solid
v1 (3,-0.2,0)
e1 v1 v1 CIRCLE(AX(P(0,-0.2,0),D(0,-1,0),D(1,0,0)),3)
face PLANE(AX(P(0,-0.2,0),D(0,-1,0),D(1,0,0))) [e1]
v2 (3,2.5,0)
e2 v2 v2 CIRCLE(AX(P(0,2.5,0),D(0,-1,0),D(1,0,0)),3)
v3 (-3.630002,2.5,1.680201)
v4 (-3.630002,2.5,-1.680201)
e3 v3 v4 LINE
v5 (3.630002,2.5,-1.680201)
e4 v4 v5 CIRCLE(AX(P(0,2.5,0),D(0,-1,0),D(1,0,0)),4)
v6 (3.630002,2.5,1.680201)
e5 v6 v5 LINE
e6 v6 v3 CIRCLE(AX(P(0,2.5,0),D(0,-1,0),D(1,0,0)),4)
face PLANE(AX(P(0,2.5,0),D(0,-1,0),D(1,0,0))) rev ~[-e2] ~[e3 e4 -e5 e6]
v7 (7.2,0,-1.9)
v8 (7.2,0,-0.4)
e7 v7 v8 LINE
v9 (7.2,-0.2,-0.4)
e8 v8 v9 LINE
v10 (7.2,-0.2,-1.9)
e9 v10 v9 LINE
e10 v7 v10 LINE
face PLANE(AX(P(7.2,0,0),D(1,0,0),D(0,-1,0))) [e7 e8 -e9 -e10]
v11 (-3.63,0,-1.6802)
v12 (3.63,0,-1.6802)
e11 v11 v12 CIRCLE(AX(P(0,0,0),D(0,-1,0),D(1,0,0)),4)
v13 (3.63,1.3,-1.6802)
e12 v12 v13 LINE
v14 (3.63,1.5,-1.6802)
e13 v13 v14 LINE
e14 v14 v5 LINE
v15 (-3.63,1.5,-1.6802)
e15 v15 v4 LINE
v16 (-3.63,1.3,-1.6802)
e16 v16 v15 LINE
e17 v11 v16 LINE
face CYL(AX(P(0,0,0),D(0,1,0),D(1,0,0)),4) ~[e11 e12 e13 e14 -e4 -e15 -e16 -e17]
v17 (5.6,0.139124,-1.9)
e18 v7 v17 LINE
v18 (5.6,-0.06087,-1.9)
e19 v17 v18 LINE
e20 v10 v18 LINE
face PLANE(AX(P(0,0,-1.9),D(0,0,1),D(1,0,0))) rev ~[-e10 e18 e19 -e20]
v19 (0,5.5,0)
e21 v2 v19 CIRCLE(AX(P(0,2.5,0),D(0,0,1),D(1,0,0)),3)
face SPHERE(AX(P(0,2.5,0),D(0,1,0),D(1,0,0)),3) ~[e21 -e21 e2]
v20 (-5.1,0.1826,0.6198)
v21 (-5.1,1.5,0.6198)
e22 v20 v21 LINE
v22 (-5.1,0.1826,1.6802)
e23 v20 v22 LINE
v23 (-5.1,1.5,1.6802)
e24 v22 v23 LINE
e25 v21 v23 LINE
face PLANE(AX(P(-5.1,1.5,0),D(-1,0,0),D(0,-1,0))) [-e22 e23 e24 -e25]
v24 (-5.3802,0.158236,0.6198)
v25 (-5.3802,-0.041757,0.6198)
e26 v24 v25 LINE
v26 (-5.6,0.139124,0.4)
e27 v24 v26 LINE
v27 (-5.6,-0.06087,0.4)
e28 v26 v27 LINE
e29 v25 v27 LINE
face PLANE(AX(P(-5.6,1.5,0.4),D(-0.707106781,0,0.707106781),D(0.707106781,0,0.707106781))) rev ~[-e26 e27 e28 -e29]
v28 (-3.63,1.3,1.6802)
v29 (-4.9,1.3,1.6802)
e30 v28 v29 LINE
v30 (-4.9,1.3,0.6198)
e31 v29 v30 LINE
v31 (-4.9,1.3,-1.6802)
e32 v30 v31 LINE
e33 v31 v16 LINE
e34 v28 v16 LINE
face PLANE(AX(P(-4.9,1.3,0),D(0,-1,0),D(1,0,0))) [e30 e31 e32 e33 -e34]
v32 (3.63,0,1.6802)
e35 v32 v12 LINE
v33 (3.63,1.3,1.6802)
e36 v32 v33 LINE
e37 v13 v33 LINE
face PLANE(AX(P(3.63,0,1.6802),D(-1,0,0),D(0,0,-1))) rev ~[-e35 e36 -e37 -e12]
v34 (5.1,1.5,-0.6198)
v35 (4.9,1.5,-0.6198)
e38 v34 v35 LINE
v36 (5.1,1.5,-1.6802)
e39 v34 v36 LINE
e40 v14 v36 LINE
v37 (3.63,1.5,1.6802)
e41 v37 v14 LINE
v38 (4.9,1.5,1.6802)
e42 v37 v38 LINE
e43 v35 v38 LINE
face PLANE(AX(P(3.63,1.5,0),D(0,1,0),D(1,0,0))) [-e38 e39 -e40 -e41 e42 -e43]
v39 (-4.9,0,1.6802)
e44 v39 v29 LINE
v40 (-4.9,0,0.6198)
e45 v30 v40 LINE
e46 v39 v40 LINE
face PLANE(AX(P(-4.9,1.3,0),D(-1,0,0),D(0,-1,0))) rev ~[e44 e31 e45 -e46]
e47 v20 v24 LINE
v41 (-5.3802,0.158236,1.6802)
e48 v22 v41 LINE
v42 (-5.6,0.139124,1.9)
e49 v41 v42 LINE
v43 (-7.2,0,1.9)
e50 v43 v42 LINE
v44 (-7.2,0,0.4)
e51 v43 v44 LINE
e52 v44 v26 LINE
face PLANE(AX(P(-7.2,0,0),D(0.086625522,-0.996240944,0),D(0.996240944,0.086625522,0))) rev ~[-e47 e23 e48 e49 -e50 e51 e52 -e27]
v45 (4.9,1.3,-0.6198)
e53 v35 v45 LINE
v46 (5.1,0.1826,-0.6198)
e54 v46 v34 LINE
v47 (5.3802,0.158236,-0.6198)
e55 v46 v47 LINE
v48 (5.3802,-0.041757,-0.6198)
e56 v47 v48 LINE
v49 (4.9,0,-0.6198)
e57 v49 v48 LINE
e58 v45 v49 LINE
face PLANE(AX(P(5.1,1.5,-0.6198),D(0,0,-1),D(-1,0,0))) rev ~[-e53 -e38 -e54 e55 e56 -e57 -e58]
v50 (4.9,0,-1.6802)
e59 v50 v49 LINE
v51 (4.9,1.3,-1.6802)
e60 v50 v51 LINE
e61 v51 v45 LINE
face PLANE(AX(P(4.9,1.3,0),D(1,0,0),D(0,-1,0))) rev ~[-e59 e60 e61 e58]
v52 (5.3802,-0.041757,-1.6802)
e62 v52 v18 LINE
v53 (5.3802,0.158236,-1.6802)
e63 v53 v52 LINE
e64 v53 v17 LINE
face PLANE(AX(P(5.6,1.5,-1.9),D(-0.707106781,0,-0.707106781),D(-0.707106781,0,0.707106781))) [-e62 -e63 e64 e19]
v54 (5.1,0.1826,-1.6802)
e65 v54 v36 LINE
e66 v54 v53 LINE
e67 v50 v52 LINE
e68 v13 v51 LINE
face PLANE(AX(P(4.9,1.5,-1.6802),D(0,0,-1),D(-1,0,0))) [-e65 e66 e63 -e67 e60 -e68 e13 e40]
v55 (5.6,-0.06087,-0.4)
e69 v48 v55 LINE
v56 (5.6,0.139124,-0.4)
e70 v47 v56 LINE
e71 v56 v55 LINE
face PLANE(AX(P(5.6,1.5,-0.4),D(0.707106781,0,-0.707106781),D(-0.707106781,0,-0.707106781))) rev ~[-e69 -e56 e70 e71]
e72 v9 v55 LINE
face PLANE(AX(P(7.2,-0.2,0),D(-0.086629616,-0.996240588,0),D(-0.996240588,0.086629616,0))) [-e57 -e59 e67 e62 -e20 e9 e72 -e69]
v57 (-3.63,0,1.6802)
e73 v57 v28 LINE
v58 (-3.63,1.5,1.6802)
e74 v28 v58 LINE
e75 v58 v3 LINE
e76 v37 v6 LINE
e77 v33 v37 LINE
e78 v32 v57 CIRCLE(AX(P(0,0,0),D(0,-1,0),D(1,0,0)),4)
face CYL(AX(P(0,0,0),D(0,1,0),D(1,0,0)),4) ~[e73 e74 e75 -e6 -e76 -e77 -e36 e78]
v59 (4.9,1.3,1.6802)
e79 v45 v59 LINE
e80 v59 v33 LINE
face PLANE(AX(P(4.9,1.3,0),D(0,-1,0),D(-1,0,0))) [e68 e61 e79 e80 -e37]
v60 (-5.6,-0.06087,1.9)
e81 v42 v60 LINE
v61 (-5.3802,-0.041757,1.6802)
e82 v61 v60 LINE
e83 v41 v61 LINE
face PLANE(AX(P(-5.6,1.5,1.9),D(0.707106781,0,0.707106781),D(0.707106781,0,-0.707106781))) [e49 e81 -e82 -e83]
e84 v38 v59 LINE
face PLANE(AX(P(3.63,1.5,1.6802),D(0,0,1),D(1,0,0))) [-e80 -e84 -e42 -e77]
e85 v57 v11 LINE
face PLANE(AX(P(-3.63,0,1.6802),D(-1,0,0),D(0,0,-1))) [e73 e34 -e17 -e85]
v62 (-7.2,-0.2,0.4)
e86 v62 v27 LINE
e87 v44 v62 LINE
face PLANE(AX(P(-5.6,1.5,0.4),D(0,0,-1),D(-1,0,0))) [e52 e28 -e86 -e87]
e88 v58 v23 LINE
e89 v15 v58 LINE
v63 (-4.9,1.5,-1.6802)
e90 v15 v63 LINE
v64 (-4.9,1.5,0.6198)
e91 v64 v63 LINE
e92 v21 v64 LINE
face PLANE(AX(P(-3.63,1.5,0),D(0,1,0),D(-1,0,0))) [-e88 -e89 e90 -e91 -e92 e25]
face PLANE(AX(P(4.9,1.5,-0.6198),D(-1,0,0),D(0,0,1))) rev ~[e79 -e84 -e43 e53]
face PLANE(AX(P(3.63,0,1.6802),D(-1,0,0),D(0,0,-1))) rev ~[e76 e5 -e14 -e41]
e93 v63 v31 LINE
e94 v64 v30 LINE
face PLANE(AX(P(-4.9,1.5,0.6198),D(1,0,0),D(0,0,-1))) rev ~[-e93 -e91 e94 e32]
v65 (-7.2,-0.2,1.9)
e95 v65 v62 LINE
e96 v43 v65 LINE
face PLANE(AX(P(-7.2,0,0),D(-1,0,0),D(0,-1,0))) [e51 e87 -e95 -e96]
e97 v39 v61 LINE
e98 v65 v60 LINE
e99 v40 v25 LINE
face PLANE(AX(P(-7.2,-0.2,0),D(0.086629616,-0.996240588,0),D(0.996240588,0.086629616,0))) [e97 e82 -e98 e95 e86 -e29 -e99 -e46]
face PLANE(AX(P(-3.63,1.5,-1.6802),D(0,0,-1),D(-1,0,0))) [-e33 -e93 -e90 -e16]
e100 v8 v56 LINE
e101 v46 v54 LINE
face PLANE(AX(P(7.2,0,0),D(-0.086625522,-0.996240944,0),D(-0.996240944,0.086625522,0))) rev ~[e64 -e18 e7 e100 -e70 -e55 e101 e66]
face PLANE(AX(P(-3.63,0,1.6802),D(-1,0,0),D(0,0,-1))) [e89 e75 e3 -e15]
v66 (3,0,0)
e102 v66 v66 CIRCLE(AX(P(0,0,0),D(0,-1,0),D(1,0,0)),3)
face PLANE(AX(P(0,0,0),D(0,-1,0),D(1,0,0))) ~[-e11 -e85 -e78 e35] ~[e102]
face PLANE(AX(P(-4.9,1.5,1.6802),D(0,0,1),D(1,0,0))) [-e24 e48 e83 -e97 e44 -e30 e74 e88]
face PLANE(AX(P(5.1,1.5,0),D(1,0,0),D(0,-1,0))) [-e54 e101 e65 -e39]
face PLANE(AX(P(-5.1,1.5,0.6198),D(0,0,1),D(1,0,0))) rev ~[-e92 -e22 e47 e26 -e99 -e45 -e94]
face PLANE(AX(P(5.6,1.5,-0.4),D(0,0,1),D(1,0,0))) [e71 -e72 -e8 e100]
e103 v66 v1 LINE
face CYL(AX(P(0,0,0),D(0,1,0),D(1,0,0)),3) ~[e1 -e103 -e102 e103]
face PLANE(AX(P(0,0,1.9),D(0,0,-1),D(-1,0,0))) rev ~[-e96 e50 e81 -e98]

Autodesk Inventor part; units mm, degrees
ref_plane "YZ Plane" through (0, 0, 0) normal (1, 0, 0) x (0, 1, 0)
ref_plane "XZ Plane" through (0, 0, 0) normal (0, 1, 0) x (-1, 0, 0)
ref_plane "XY Plane" through (0, 0, 0) normal (0, 0, 1) x (1, 0, 0)
sketch "草图1" plane through (0, 0, 0) normal (0, 0, 1) x (1, 0, 0)
  line L0 (0, 0) -> (4, 0)
  line L1 (4, 0) -> (4, 2.5)
  line L2 (4, 2.5) -> (0, 2.5)
  line L3 (0, 2.5) -> (0, 0)
  line L4 (0, 2.5) -> (0, 5.5)
  arc A0 (3, 2.5) -> (0, 5.5) centre (0, 2.5) ccw
  dimension "d0" = 4
  dimension "d1" = 2.5
  dimension "d2" = 3
revolve "旋转1" add sketch "草图1" angle 360 about axis through (0, 2.5, 0) along (0, -1, 0)
sketch "草图2" plane through (0, 0, 0) normal (0, -1, 0) x (1, 0, 0)
  circle A0 centre (0, 0) radius 4 projected
  line L0 (3.63, 1.6802) -> (3.63, -1.6802)
  circle A1 centre (0, 0) radius 4 projected
  line L1 (0, 0) -> (0, -4) construction
  line L2 (-3.63, 1.6802) -> (-3.63, -1.6802)
  dimension "d4" = 3.63
extrude "拉伸1" cut sketch "草图2" against normal through all contours A0 L0 | L2 A0
sketch "草图3" plane through (0, 0, 0) normal (0, -1, 0) x (1, 0, 0)
  circle A0 centre (0, 0) radius 3
  dimension "d7" = 6
extrude "拉伸2" add sketch "草图3" along normal blind 0.2
sketch "草图4" plane through (0, 0, 0) normal (0, 0, 1) x (1, 0, 0)
  line L0 (3.63, 0) -> (3.63, 2.5) projected
  line L1 (3.63, 2.5) -> (3.63, 0) projected
  line L2 (3.63, 1.5) -> (5.1, 1.5)
  line L3 (5.1, 1.5) -> (5.1, 1.3)
  line L4 (5.1, 1.3) -> (3.63, 1.3)
  line L5 (3.63, 1.3) -> (3.63, 1.5)
  line L6 (-3.63, 2.5) -> (3.63, 2.5) projected
  line L7 (5.1, 1.5) -> (4.9, 1.5)
  line L8 (4.9, 1.5) -> (4.9, 0)
  line L9 (4.9, 0) -> (5.1, 0)
  line L10 (5.1, 0) -> (5.1, 1.5)
  line L11 (7.2, 0) -> (7.2, -0.2) construction
  line L12 (7.2, -0.2) -> (4.9, 0)
  line L13 (7.2, 0) -> (5.1, 0.1826)
  line L14 (7.2, 0) -> (7.2, -0.2)
  point P0 (0, 0)
  point P1 (4.9, 1.3)
  dimension "d10" = 1.47
  dimension "d11" = 1
  dimension "d12" = 0.2
  dimension "d13" = 0.2
  dimension "d14" = 1.5
  dimension "d15" = 0.2
  dimension "d16" = 2.1
extrude "拉伸3" add sketch "草图4" along normal mid plane 3.8
sketch "草图5" plane through (3.63, 1.5, 1.9) normal (0, 1, 0) x (1, 0, 0)
  line L0 (0, 3.8) -> (0, 3.5802) projected
  line L1 (0, 0.2198) -> (0, 3.5802) projected
  line L2 (0, 0.2198) -> (0, 0) projected
  line L3 (1.47, 0) -> (0, 0) projected
  line L4 (1.47, 0) -> (1.47, 3.8) projected
  line L5 (0, 3.8) -> (1.47, 3.8) projected
  line L6 (1.47, 3.8) -> (1.47, 0) projected
  line L7 (3.57, 0) -> (1.47, 0) projected
  line L8 (3.57, 3.8) -> (3.57, 0) projected
  line L9 (1.47, 3.8) -> (3.57, 3.8) projected
  line L10 (3.57, 3.8) -> (1.97, 3.8)
  line L11 (1.97, 3.8) -> (1.97, 2.3)
  line L12 (1.97, 2.3) -> (3.57, 2.3)
  line L13 (3.57, 2.3) -> (3.57, 3.8)
  line L14 (0, 3.5802) -> (1.97, 3.5802) construction
  line L15 (3.57, 3.8) -> (3.57, 0) projected
  line L16 (1.97, 3.05) -> (3.57, 3.05) construction
  line L17 (1.97, 3.8) -> (1.7502, 3.5802)
  line L18 (1.7502, 3.5802) -> (0, 3.5802)
  line L19 (0, 2.5198) -> (1.97, 2.5198) construction
  line L20 (1.97, 2.3) -> (1.7502, 2.5198)
  line L21 (1.7502, 2.5198) -> (1.47, 2.5198)
  line L22 (1.47, 0) -> (1.47, 3.8) projected
  line L23 (1.27, 3.8) -> (1.27, 0) projected
  line L24 (1.47, 2.5198) -> (1.27, 2.5198)
  line L25 (0, 0.2198) -> (0, 0) projected
  line L26 (0, 0.2198) -> (1.27, 0.2198)
  point P0 (-3.63, 1.9)
  dimension "d19" = 1.6
  dimension "d20" = 1.5
  dimension "d21" = 45
extrude "拉伸4" cut sketch "草图5" against normal through all contours L5 L23 L18 L0 | L5 L4 L18 L23 | L26 L23 L3 L2 | L9 L17 L18 L4 | L23 L24 L4 L3 | L21 L20 L12 L8 L7 L4
pattern_circular "环形阵列1" count 2 over 360 about axis through (0, -10, 0) along (0, 1, 0) of "拉伸3", "拉伸4"
properties part number "COB5730"
